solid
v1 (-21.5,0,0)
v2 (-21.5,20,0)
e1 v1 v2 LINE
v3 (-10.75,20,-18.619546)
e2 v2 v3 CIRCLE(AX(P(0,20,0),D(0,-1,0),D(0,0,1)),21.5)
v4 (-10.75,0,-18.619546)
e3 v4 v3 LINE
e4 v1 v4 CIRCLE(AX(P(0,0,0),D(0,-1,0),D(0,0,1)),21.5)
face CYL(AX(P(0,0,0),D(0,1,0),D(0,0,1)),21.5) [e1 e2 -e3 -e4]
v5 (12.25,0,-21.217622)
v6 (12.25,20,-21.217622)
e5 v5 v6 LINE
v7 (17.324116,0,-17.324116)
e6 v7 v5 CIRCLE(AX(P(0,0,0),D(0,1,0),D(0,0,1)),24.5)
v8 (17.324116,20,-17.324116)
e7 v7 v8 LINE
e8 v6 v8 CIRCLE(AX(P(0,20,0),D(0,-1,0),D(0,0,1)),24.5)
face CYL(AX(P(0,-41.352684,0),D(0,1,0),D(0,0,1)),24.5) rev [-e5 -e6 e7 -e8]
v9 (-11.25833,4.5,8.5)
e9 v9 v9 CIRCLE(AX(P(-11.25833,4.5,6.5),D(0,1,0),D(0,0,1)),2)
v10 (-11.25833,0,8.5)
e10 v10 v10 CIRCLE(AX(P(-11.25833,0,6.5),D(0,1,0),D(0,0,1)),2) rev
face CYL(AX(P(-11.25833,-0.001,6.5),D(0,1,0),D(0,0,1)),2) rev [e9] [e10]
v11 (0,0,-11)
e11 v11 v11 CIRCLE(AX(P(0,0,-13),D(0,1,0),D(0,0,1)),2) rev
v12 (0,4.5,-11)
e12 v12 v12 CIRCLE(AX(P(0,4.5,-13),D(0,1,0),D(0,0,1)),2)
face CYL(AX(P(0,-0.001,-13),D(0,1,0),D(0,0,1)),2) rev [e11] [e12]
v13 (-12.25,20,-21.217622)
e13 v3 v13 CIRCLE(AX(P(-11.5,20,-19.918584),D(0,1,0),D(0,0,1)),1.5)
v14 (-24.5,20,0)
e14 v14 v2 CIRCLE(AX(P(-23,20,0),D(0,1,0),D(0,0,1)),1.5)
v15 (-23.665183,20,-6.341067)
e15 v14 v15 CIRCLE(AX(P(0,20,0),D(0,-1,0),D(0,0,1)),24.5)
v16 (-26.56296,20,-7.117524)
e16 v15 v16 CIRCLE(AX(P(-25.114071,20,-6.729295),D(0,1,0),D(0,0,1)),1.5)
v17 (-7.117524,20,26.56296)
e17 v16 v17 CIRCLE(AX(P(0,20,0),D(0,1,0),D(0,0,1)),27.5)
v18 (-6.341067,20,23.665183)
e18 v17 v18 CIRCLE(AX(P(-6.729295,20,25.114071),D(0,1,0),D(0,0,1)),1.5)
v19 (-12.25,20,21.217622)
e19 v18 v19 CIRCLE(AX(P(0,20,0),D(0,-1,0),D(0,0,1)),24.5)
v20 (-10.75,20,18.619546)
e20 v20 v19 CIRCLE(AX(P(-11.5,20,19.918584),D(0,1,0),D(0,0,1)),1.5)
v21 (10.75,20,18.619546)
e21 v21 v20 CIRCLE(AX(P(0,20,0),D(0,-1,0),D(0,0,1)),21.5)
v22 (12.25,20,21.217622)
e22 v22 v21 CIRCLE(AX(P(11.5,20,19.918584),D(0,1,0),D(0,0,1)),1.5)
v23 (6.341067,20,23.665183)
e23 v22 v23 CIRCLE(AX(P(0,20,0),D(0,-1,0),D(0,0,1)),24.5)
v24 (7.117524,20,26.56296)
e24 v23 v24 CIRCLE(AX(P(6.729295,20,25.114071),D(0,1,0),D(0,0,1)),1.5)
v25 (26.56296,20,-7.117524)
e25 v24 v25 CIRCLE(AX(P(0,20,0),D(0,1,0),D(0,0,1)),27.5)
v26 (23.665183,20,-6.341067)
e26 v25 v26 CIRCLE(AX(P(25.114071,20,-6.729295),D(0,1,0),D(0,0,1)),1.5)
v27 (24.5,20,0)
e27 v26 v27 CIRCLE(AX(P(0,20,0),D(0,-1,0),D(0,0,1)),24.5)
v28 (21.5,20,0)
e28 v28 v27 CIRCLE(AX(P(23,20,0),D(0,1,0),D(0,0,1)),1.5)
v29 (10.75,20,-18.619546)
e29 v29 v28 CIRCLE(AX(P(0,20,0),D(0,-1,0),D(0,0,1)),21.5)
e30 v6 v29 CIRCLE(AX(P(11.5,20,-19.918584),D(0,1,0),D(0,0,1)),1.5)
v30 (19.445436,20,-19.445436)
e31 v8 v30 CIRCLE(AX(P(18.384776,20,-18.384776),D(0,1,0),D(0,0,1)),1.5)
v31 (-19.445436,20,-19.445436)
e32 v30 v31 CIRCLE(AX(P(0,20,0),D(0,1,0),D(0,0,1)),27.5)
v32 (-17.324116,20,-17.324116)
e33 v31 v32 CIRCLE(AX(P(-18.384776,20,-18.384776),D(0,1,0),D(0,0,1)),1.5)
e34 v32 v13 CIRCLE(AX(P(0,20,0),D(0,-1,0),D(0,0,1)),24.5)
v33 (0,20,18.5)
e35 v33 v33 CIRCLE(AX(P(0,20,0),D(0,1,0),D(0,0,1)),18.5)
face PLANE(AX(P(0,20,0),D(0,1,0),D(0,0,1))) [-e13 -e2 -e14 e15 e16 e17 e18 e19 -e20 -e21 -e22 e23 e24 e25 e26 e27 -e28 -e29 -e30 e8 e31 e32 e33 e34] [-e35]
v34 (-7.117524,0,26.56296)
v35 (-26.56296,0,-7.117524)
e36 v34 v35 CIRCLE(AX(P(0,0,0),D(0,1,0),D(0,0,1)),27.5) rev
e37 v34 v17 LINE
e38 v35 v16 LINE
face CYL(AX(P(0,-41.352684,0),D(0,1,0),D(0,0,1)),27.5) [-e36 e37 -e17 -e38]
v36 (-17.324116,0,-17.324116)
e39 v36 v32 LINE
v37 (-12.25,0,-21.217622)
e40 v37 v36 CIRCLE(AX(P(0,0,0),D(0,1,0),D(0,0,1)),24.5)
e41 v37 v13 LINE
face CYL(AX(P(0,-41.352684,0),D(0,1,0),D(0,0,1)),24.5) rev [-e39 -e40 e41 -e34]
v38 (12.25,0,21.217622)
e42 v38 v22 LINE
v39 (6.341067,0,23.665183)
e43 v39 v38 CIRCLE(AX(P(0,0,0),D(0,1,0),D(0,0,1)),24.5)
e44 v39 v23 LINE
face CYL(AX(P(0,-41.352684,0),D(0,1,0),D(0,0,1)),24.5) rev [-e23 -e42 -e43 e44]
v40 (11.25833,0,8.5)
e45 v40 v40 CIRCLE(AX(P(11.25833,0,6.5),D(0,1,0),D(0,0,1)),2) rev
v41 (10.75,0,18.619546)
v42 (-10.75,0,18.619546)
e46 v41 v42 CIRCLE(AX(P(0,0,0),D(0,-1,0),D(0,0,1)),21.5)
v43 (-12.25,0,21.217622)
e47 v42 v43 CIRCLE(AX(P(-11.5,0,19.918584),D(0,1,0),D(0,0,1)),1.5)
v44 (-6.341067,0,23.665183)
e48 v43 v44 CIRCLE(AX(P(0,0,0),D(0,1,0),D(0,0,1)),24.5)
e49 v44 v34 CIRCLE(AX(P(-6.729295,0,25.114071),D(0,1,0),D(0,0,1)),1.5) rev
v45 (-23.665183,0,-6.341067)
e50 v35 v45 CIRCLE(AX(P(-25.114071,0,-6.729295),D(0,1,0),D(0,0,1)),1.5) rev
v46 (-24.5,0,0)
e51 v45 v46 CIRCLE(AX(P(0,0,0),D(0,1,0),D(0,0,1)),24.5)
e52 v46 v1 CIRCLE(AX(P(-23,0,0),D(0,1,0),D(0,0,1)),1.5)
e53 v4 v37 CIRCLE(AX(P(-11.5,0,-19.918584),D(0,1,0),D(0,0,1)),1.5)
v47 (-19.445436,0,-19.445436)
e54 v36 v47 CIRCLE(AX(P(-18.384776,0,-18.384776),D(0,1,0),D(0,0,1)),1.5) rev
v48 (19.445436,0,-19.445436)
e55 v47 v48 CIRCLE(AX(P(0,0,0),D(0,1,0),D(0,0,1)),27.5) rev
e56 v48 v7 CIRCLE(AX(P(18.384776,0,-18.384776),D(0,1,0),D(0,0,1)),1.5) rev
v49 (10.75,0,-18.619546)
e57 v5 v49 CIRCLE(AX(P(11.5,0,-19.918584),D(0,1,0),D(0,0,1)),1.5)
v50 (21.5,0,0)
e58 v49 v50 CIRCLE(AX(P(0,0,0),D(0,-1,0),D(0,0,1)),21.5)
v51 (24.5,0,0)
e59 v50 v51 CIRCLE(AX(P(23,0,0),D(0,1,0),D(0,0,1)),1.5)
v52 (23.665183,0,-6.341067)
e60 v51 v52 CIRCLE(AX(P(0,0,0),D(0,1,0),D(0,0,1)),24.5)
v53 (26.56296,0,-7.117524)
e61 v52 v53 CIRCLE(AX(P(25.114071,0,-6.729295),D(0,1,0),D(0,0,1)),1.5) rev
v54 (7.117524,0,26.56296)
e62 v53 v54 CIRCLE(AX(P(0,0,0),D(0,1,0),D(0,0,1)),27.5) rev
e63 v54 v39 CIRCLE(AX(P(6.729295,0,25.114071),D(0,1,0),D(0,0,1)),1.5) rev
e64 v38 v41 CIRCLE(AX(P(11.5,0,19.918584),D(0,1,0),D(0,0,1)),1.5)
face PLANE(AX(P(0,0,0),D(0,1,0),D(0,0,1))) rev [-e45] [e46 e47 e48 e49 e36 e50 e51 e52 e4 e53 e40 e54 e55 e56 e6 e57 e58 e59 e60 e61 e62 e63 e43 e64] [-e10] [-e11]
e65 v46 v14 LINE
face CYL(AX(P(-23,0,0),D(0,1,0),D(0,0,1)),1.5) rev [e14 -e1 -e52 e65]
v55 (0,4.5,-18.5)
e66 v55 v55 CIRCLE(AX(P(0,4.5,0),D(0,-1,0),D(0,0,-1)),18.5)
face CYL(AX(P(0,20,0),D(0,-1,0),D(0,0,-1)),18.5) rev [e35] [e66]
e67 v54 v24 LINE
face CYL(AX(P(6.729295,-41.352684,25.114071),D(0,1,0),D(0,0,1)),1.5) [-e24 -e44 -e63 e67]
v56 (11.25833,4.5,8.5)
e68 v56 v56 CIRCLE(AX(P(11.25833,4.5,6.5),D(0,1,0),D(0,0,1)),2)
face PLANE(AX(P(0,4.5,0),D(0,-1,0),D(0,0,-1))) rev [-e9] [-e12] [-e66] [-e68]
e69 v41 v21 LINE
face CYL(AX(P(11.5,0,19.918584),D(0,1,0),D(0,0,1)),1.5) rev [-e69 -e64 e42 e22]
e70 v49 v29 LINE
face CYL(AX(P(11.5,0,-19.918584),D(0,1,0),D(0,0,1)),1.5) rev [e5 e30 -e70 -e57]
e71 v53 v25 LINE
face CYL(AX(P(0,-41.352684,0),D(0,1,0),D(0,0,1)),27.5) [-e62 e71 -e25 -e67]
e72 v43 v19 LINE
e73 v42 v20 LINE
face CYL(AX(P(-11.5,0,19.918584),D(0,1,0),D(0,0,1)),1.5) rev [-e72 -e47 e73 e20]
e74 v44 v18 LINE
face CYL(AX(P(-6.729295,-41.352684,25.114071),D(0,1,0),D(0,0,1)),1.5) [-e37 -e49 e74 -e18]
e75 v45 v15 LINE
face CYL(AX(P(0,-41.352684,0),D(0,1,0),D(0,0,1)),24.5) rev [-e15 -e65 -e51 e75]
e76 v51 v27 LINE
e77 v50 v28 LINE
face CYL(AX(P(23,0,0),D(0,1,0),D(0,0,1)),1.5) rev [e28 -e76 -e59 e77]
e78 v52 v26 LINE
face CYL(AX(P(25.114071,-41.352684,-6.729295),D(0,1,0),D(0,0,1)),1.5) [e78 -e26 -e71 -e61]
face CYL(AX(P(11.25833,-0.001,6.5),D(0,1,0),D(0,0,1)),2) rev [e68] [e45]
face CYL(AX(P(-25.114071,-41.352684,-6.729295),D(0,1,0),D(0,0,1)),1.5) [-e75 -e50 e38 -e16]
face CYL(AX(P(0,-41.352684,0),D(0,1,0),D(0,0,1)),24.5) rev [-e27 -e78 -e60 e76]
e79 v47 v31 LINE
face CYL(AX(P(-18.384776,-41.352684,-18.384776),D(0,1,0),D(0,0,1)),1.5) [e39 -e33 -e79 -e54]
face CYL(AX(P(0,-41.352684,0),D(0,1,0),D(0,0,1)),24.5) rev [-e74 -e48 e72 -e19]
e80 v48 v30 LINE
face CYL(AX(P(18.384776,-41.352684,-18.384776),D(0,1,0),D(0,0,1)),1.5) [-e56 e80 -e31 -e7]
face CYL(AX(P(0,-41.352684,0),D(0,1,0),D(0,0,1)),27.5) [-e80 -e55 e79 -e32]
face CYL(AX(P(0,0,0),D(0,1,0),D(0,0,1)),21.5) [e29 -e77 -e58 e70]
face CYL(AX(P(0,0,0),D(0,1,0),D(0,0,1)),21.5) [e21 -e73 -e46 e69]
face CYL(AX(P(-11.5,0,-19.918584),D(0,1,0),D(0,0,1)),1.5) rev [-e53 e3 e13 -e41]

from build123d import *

# Parameters (mm, degrees)
ESQUISSE1_R             = 24.5
ESQUISSE1_R_2           = 18.5
BOSS_EXTRU_1_DEPTH      = 20
ENL_V_MAT_EXTRU_1_DEPTH = 21
BOSS_EXTRU_2_DEPTH      = 20
ESQUISSE4_R             = 21.5
BOSS_EXTRU_3_DEPTH      = 4.5
ENL_V_MAT_EXTRU_2_REACH = 6.5
ESQUISSE5_R             = 2


with BuildPart() as part:
    # Esquisse1 → Boss.-Extru.1 (new body)
    with BuildSketch(Plane(origin=(0, 0, 0), x_dir=(1, 0, 0), z_dir=(0, 1, 0))):
        Circle(ESQUISSE1_R)
        Circle(ESQUISSE1_R_2, mode=Mode.SUBTRACT)
    extrude(amount=BOSS_EXTRU_1_DEPTH)

    # Esquisse2 → Enlèv. mat.-Extru.1 (cut, through all)
    with BuildSketch(Plane(origin=(0, 20, 0), x_dir=(1, 0, 0), z_dir=(0, 1, 0))):
        with BuildLine():
            ThreePointArc((-12.25, 21.217622393), (-21.217622393, 12.25), (-24.5, 0))
            ThreePointArc((-24.5, 0), (-23, -1.5), (-21.5, 0))
            ThreePointArc((-21.5, 0), (-18.619546181, 10.75), (-10.75, 18.619546181))
            ThreePointArc((-10.75, 18.619546181), (-10.200961894, 20.668584287), (-12.25, 21.217622393))
        make_face()
        with BuildLine():
            ThreePointArc((24.5, 0), (21.217622393, 12.25), (12.25, 21.217622393))
            ThreePointArc((12.25, 21.217622393), (10.200961894, 20.668584287), (10.75, 18.619546181))
            ThreePointArc((10.75, 18.619546181), (18.619546181, 10.75), (21.5, 0))
            ThreePointArc((21.5, 0), (23, -1.5), (24.5, 0))
        make_face()
        with BuildLine():
            ThreePointArc((-12.25, -21.217622393), (0, -24.5), (12.25, -21.217622393))
            ThreePointArc((12.25, -21.217622393), (12.799038106, -19.168584287), (10.75, -18.619546181))
            ThreePointArc((10.75, -18.619546181), (0, -21.5), (-10.75, -18.619546181))
            ThreePointArc((-10.75, -18.619546181), (-12.799038106, -19.168584287), (-12.25, -21.217622393))
        make_face()
    extrude(amount=-ENL_V_MAT_EXTRU_1_DEPTH, mode=Mode.SUBTRACT)

    # Esquisse3 → Boss.-Extru.2 (add)
    with BuildSketch(Plane(origin=(0, 20, 0), x_dir=(1, 0, 0), z_dir=(0, 1, 0))):
        with BuildLine():
            ThreePointArc((19.445436483, 19.445436483), (0, 27.5), (-19.445436483, 19.445436483))
            ThreePointArc((-19.445436483, 19.445436483), (-19.445436483, 17.324116139), (-17.324116139, 17.324116139))
            ThreePointArc((-17.324116139, 17.324116139), (0, 24.5), (17.324116139, 17.324116139))
            ThreePointArc((17.324116139, 17.324116139), (19.445436483, 17.324116139), (19.445436483, 19.445436483))
        make_face()
        with BuildLine():
            ThreePointArc((7.11752374, -26.562960223), (23.815698604, -13.75), (26.562960223, 7.11752374))
            ThreePointArc((26.562960223, 7.11752374), (24.725842916, 8.178183912), (23.665182744, 6.341066605))
            ThreePointArc((23.665182744, 6.341066605), (21.217622393, -12.25), (6.341066605, -23.665182744))
            ThreePointArc((6.341066605, -23.665182744), (5.280406433, -25.502300051), (7.11752374, -26.562960223))
        make_face()
        with BuildLine():
            ThreePointArc((-26.562960223, 7.11752374), (-23.815698604, -13.75), (-7.11752374, -26.562960223))
            ThreePointArc((-7.11752374, -26.562960223), (-5.280406433, -25.502300051), (-6.341066605, -23.665182744))
            ThreePointArc((-6.341066605, -23.665182744), (-21.217622393, -12.25), (-23.665182744, 6.341066605))
            ThreePointArc((-23.665182744, 6.341066605), (-24.725842916, 8.178183912), (-26.562960223, 7.11752374))
        make_face()
    extrude(amount=-BOSS_EXTRU_2_DEPTH)

    # Esquisse4 → Boss.-Extru.3 (add)
    with BuildSketch(Plane.XZ):
        Circle(ESQUISSE4_R)
    extrude(amount=-BOSS_EXTRU_3_DEPTH)

    # Esquisse5 → Enlèv. mat.-Extru.2 (cut, up to next)
    with BuildSketch(Plane(origin=(0, 4.5, 0), x_dir=(1, 0, 0), z_dir=(0, 1, 0)), mode=Mode.PRIVATE) as enl_v_mat_extru_2_sk1:
        with Locations((0, 13)):
            Circle(ESQUISSE5_R)
    enl_v_mat_extru_2_tool1 = extrude(enl_v_mat_extru_2_sk1.sketch, amount=-ENL_V_MAT_EXTRU_2_REACH, mode=Mode.PRIVATE) & part.part
    add(enl_v_mat_extru_2_tool1.solids().sort_by_distance((0, 4.5, -13))[0], mode=Mode.SUBTRACT)
    # Esquisse5 → Enlèv. mat.-Extru.2 (cut, up to next)
    with BuildSketch(Plane(origin=(0, 4.5, 0), x_dir=(1, 0, 0), z_dir=(0, 1, 0)), mode=Mode.PRIVATE) as enl_v_mat_extru_2_sk2:
        with Locations((11.258330249, -6.5)):
            Circle(ESQUISSE5_R)
    enl_v_mat_extru_2_tool2 = extrude(enl_v_mat_extru_2_sk2.sketch, amount=-ENL_V_MAT_EXTRU_2_REACH, mode=Mode.PRIVATE) & part.part
    add(enl_v_mat_extru_2_tool2.solids().sort_by_distance((11.25833, 4.5, 6.5))[0], mode=Mode.SUBTRACT)
    # Esquisse5 → Enlèv. mat.-Extru.2 (cut, up to next)
    with BuildSketch(Plane(origin=(0, 4.5, 0), x_dir=(1, 0, 0), z_dir=(0, 1, 0)), mode=Mode.PRIVATE) as enl_v_mat_extru_2_sk3:
        with Locations((-11.258330249, -6.5)):
            Circle(ESQUISSE5_R)
    enl_v_mat_extru_2_tool3 = extrude(enl_v_mat_extru_2_sk3.sketch, amount=-ENL_V_MAT_EXTRU_2_REACH, mode=Mode.PRIVATE) & part.part
    add(enl_v_mat_extru_2_tool3.solids().sort_by_distance((-11.25833, 4.5, 6.5))[0], mode=Mode.SUBTRACT)


solid = part.part
